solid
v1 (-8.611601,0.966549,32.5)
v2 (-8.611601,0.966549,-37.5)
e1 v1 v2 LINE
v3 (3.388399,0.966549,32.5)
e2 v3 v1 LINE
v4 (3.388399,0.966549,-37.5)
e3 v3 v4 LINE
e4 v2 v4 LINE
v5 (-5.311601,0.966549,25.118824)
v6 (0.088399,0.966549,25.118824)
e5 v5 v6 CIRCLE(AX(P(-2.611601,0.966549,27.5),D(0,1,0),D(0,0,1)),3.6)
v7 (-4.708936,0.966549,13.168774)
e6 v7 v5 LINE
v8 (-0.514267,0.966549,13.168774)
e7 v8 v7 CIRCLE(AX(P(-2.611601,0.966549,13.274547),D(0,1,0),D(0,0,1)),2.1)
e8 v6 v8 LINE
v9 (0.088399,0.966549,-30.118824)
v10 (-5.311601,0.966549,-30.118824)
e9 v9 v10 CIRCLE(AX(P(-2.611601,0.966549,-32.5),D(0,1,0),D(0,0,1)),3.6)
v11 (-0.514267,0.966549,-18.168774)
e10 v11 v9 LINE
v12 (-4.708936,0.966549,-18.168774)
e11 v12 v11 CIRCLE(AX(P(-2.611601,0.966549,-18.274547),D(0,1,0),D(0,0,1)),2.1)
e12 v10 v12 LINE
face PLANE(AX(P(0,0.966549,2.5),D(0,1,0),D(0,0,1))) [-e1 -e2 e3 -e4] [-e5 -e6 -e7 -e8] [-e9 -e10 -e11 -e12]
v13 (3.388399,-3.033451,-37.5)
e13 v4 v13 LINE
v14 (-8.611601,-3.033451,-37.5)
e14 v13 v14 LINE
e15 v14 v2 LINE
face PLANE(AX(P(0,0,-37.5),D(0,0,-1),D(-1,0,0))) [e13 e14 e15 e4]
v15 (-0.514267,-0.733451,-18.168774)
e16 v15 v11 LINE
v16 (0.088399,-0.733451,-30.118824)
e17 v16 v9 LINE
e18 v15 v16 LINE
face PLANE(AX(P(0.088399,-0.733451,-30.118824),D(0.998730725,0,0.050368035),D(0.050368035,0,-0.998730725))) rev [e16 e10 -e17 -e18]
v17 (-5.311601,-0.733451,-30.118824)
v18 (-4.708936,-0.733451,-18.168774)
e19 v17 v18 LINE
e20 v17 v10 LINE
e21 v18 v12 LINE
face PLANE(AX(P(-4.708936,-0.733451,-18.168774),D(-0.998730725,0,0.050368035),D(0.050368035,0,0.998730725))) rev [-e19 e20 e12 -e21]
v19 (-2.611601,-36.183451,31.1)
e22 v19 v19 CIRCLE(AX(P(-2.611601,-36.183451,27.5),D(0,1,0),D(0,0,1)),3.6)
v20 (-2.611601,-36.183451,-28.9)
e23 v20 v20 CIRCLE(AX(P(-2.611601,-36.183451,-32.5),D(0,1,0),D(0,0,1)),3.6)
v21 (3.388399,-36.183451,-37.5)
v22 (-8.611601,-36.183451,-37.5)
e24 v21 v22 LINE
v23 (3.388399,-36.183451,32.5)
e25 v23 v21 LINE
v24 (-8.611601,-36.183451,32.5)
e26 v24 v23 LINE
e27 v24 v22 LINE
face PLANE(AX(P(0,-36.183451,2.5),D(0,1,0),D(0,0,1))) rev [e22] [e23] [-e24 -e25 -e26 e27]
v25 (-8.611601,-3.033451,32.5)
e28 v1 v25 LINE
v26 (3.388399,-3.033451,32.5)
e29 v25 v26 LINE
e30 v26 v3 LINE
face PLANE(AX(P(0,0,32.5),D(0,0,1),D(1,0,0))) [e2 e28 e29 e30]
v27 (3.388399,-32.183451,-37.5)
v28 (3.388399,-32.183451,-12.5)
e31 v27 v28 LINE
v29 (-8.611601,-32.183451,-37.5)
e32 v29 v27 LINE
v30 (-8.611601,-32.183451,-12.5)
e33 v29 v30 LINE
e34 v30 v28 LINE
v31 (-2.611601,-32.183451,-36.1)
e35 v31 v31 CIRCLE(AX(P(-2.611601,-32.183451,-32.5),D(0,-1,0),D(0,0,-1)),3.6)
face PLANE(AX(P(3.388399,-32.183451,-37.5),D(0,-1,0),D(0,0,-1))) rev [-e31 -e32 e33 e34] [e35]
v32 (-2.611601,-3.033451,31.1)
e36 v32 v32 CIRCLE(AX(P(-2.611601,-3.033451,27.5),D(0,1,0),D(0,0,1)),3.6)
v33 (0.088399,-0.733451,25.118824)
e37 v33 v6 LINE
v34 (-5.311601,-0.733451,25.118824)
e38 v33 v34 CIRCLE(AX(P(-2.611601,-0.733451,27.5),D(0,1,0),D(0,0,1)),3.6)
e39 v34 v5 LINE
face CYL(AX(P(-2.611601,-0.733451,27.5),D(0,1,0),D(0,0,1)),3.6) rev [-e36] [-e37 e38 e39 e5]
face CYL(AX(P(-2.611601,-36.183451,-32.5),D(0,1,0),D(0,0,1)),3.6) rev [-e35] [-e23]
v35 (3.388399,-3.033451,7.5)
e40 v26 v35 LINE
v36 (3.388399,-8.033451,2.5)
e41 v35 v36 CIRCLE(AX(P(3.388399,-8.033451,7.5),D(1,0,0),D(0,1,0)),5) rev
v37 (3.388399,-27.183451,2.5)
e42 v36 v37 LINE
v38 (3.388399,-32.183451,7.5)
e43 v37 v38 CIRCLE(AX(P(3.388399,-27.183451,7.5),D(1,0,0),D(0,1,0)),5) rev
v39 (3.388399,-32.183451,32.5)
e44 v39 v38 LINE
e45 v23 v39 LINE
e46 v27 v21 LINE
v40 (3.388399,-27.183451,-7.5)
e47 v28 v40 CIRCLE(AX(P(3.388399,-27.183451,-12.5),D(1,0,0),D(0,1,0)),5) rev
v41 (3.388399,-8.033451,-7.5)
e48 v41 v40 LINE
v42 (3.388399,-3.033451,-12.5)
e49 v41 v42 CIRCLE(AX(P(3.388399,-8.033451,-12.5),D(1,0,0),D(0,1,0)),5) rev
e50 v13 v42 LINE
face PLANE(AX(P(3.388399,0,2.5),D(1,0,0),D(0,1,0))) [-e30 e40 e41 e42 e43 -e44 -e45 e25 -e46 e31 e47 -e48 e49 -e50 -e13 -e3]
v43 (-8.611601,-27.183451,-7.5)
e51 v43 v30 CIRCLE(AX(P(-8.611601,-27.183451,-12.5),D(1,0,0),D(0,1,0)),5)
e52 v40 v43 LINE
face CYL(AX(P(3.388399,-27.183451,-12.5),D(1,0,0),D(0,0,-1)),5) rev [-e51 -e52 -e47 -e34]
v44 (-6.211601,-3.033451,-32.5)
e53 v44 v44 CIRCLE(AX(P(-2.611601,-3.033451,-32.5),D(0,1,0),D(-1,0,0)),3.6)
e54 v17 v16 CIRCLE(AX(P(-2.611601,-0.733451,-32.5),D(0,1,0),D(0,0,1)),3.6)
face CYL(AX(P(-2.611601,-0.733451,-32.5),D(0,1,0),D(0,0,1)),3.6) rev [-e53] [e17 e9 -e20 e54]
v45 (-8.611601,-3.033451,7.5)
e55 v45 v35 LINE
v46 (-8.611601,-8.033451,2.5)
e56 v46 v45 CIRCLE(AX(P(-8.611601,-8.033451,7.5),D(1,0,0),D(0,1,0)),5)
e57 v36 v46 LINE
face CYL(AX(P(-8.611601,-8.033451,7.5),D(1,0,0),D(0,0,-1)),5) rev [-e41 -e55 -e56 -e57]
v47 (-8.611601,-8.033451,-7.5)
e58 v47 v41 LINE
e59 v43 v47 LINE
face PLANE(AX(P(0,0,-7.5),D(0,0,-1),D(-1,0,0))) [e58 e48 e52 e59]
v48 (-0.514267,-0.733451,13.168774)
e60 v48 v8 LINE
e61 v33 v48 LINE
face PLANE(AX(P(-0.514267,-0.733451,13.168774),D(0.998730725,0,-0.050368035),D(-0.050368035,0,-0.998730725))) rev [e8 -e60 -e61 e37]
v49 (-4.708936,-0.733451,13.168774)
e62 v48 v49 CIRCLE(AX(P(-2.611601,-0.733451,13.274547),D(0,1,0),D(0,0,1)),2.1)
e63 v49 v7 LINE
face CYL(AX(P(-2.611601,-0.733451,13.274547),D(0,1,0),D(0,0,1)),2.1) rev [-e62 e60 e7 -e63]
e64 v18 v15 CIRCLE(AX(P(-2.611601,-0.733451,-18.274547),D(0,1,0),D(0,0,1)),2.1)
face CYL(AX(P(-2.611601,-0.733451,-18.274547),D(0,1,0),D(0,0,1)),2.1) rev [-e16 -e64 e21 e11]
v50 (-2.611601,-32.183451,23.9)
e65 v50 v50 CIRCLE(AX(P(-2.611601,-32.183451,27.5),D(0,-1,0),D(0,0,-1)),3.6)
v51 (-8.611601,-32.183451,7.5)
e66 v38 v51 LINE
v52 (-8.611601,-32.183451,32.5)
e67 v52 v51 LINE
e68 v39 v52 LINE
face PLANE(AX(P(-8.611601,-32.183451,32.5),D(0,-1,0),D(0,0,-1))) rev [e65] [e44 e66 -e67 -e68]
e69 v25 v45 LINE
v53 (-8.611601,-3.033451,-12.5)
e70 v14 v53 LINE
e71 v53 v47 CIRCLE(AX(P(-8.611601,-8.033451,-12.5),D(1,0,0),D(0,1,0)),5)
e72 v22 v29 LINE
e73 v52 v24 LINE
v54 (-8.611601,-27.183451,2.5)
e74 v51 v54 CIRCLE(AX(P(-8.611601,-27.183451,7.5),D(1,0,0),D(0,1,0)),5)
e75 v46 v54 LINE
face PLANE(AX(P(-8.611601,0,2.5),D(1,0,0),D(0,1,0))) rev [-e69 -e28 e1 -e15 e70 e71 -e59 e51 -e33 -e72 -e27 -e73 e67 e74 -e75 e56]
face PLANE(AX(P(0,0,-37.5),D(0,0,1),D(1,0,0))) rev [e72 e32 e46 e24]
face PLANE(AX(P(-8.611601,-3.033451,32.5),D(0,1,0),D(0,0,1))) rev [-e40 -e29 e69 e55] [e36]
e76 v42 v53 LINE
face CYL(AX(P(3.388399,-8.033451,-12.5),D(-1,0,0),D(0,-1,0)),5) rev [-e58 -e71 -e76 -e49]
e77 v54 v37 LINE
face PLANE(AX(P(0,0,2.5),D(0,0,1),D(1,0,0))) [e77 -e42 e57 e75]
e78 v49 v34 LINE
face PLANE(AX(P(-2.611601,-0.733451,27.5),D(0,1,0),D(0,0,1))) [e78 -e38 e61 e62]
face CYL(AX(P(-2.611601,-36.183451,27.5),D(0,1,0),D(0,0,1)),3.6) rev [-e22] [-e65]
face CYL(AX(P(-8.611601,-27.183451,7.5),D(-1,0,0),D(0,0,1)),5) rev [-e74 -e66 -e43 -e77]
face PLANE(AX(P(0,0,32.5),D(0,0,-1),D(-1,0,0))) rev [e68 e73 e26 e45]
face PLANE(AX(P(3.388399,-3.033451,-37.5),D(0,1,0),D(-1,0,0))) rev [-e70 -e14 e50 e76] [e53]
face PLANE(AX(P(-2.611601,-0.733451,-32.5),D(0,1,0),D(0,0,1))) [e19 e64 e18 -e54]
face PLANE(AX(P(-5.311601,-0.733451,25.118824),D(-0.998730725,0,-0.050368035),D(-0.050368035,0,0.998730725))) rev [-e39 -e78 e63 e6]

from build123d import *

# Parameters (mm, degrees)
SKETCH2_W            = 12
SKETCH2_H            = 37.15
BOSS_EXTRUDE2_DEPTH  = 2.5
SKETCH11_W           = 12
SKETCH11_H           = 4
BOSS_EXTRUDE8_DEPTH  = 30
CUT_EXTRUDE1_DEPTH   = 1.7
SKETCH14_W           = 12
SKETCH14_H           = 37.15
BOSS_EXTRUDE9_DEPTH  = 7.5
SKETCH16_W           = 12
SKETCH16_H           = 4
BOSS_EXTRUDE11_DEPTH = 30
CUT_EXTRUDE4_DEPTH   = 1.7
SKETCH22_R           = 3.6
CUT_EXTRUDE6_DEPTH   = 54.483943136
SKETCH23_R           = 3.6
CUT_EXTRUDE7_DEPTH   = 54.483943136
FILLET1_R            = 5
FILLET2_R            = 5
FILLET3_R            = 5
FILLET4_R            = 5


with BuildPart() as part:
    # Sketch2 → Boss-Extrude2 (new body)
    with BuildSketch(Plane.XY):
        with Locations((-2.61160109, -17.608451256)):
            Rectangle(SKETCH2_W, SKETCH2_H)
    extrude(amount=BOSS_EXTRUDE2_DEPTH)

    # Sketch11 → Boss-Extrude8 (add)
    with BuildSketch(Plane.XY.offset(2.5)):
        with Locations((-2.61160109, -1.033451256)):
            Rectangle(SKETCH11_W, SKETCH11_H)
        with Locations((-2.61160109, -34.183451256)):
            Rectangle(SKETCH11_W, SKETCH11_H)
    extrude(amount=BOSS_EXTRUDE8_DEPTH)

    # Sketch12 → Cut-Extrude1 (cut)
    with BuildSketch(Plane(origin=(0, 0.966548744, 0), x_dir=(1, 0, 0), z_dir=(0, 1, 0))):
        with BuildLine():
            Line((-0.514266567, -13.168774056), (0.08839891, -25.11882382))
            ThreePointArc((0.08839891, -25.11882382), (-2.61160109, -31.1), (-5.31160109, -25.11882382))
            Line((-5.31160109, -25.11882382), (-4.708935612, -13.168774056))
            ThreePointArc((-4.708935612, -13.168774056), (-2.61160109, -11.174546931), (-0.514266567, -13.168774056))
        make_face()
    extrude(amount=-CUT_EXTRUDE1_DEPTH, mode=Mode.SUBTRACT)

    # Sketch14 → Boss-Extrude9 (add)
    with BuildSketch(Plane(origin=(0, 0, 0), x_dir=(-1, 0, 0), z_dir=(0, 0, -1))):
        with Locations((2.61160109, -17.608451256)):
            Rectangle(SKETCH14_W, SKETCH14_H)
    extrude(amount=BOSS_EXTRUDE9_DEPTH)

    # Sketch16 → Boss-Extrude11 (add)
    with BuildSketch(Plane(origin=(0, 0, -7.5), x_dir=(-1, 0, 0), z_dir=(0, 0, -1))):
        with Locations((2.61160109, -1.033451256)):
            Rectangle(SKETCH16_W, SKETCH16_H)
        with Locations((2.61160109, -34.183451256)):
            Rectangle(SKETCH16_W, SKETCH16_H)
    extrude(amount=BOSS_EXTRUDE11_DEPTH)

    # Sketch20 → Cut-Extrude4 (cut)
    with BuildSketch(Plane(origin=(0, 0.966548744, 0), x_dir=(1, 0, 0), z_dir=(0, 1, 0))):
        with BuildLine():
            Line((-4.708935612, 18.168774056), (-5.31160109, 30.11882382))
            ThreePointArc((-5.31160109, 30.11882382), (-2.61160109, 36.1), (0.08839891, 30.11882382))
            Line((0.08839891, 30.11882382), (-0.514266567, 18.168774056))
            ThreePointArc((-0.514266567, 18.168774056), (-2.61160109, 16.174546931), (-4.708935612, 18.168774056))
        make_face()
    extrude(amount=-CUT_EXTRUDE4_DEPTH, mode=Mode.SUBTRACT)

    # Sketch22 → Cut-Extrude6 (cut, through all)
    with BuildSketch(Plane(origin=(0, 0.966548744, 0), x_dir=(1, 0, 0), z_dir=(0, 1, 0))):
        with Locations(Location((-2.61160109, -27.5, 0), (0, 0, 270))):
            Circle(SKETCH22_R)
    extrude(amount=-CUT_EXTRUDE6_DEPTH, mode=Mode.SUBTRACT)

    # Sketch23 → Cut-Extrude7 (cut, through all)
    with BuildSketch(Plane(origin=(0, 0.966548744, 0), x_dir=(1, 0, 0), z_dir=(0, 1, 0))):
        with Locations(Location((-2.61160109, 32.5, 0), (0, 0, 221.409622109))):
            Circle(SKETCH23_R)
    extrude(amount=-CUT_EXTRUDE7_DEPTH, mode=Mode.SUBTRACT)

    # Fillet1
    fillet1_edges = [part.edges().sort_by_distance(p)[0] for p in [
        (-2.61160109, -3.033451256, 2.5),
    ]]
    fillet(fillet1_edges, radius=FILLET1_R)

    # Fillet2
    fillet2_edges = [part.edges().sort_by_distance(p)[0] for p in [
        (-2.61160109, -32.183451256, 2.5),
    ]]
    fillet(fillet2_edges, radius=FILLET2_R)

    # Fillet3
    fillet3_edges = [part.edges().sort_by_distance(p)[0] for p in [
        (-2.61160109, -3.033451256, -7.5),
    ]]
    fillet(fillet3_edges, radius=FILLET3_R)

    # Fillet4
    fillet4_edges = [part.edges().sort_by_distance(p)[0] for p in [
        (-2.61160109, -32.183451256, -7.5),
    ]]
    fillet(fillet4_edges, radius=FILLET4_R)


solid = part.part
